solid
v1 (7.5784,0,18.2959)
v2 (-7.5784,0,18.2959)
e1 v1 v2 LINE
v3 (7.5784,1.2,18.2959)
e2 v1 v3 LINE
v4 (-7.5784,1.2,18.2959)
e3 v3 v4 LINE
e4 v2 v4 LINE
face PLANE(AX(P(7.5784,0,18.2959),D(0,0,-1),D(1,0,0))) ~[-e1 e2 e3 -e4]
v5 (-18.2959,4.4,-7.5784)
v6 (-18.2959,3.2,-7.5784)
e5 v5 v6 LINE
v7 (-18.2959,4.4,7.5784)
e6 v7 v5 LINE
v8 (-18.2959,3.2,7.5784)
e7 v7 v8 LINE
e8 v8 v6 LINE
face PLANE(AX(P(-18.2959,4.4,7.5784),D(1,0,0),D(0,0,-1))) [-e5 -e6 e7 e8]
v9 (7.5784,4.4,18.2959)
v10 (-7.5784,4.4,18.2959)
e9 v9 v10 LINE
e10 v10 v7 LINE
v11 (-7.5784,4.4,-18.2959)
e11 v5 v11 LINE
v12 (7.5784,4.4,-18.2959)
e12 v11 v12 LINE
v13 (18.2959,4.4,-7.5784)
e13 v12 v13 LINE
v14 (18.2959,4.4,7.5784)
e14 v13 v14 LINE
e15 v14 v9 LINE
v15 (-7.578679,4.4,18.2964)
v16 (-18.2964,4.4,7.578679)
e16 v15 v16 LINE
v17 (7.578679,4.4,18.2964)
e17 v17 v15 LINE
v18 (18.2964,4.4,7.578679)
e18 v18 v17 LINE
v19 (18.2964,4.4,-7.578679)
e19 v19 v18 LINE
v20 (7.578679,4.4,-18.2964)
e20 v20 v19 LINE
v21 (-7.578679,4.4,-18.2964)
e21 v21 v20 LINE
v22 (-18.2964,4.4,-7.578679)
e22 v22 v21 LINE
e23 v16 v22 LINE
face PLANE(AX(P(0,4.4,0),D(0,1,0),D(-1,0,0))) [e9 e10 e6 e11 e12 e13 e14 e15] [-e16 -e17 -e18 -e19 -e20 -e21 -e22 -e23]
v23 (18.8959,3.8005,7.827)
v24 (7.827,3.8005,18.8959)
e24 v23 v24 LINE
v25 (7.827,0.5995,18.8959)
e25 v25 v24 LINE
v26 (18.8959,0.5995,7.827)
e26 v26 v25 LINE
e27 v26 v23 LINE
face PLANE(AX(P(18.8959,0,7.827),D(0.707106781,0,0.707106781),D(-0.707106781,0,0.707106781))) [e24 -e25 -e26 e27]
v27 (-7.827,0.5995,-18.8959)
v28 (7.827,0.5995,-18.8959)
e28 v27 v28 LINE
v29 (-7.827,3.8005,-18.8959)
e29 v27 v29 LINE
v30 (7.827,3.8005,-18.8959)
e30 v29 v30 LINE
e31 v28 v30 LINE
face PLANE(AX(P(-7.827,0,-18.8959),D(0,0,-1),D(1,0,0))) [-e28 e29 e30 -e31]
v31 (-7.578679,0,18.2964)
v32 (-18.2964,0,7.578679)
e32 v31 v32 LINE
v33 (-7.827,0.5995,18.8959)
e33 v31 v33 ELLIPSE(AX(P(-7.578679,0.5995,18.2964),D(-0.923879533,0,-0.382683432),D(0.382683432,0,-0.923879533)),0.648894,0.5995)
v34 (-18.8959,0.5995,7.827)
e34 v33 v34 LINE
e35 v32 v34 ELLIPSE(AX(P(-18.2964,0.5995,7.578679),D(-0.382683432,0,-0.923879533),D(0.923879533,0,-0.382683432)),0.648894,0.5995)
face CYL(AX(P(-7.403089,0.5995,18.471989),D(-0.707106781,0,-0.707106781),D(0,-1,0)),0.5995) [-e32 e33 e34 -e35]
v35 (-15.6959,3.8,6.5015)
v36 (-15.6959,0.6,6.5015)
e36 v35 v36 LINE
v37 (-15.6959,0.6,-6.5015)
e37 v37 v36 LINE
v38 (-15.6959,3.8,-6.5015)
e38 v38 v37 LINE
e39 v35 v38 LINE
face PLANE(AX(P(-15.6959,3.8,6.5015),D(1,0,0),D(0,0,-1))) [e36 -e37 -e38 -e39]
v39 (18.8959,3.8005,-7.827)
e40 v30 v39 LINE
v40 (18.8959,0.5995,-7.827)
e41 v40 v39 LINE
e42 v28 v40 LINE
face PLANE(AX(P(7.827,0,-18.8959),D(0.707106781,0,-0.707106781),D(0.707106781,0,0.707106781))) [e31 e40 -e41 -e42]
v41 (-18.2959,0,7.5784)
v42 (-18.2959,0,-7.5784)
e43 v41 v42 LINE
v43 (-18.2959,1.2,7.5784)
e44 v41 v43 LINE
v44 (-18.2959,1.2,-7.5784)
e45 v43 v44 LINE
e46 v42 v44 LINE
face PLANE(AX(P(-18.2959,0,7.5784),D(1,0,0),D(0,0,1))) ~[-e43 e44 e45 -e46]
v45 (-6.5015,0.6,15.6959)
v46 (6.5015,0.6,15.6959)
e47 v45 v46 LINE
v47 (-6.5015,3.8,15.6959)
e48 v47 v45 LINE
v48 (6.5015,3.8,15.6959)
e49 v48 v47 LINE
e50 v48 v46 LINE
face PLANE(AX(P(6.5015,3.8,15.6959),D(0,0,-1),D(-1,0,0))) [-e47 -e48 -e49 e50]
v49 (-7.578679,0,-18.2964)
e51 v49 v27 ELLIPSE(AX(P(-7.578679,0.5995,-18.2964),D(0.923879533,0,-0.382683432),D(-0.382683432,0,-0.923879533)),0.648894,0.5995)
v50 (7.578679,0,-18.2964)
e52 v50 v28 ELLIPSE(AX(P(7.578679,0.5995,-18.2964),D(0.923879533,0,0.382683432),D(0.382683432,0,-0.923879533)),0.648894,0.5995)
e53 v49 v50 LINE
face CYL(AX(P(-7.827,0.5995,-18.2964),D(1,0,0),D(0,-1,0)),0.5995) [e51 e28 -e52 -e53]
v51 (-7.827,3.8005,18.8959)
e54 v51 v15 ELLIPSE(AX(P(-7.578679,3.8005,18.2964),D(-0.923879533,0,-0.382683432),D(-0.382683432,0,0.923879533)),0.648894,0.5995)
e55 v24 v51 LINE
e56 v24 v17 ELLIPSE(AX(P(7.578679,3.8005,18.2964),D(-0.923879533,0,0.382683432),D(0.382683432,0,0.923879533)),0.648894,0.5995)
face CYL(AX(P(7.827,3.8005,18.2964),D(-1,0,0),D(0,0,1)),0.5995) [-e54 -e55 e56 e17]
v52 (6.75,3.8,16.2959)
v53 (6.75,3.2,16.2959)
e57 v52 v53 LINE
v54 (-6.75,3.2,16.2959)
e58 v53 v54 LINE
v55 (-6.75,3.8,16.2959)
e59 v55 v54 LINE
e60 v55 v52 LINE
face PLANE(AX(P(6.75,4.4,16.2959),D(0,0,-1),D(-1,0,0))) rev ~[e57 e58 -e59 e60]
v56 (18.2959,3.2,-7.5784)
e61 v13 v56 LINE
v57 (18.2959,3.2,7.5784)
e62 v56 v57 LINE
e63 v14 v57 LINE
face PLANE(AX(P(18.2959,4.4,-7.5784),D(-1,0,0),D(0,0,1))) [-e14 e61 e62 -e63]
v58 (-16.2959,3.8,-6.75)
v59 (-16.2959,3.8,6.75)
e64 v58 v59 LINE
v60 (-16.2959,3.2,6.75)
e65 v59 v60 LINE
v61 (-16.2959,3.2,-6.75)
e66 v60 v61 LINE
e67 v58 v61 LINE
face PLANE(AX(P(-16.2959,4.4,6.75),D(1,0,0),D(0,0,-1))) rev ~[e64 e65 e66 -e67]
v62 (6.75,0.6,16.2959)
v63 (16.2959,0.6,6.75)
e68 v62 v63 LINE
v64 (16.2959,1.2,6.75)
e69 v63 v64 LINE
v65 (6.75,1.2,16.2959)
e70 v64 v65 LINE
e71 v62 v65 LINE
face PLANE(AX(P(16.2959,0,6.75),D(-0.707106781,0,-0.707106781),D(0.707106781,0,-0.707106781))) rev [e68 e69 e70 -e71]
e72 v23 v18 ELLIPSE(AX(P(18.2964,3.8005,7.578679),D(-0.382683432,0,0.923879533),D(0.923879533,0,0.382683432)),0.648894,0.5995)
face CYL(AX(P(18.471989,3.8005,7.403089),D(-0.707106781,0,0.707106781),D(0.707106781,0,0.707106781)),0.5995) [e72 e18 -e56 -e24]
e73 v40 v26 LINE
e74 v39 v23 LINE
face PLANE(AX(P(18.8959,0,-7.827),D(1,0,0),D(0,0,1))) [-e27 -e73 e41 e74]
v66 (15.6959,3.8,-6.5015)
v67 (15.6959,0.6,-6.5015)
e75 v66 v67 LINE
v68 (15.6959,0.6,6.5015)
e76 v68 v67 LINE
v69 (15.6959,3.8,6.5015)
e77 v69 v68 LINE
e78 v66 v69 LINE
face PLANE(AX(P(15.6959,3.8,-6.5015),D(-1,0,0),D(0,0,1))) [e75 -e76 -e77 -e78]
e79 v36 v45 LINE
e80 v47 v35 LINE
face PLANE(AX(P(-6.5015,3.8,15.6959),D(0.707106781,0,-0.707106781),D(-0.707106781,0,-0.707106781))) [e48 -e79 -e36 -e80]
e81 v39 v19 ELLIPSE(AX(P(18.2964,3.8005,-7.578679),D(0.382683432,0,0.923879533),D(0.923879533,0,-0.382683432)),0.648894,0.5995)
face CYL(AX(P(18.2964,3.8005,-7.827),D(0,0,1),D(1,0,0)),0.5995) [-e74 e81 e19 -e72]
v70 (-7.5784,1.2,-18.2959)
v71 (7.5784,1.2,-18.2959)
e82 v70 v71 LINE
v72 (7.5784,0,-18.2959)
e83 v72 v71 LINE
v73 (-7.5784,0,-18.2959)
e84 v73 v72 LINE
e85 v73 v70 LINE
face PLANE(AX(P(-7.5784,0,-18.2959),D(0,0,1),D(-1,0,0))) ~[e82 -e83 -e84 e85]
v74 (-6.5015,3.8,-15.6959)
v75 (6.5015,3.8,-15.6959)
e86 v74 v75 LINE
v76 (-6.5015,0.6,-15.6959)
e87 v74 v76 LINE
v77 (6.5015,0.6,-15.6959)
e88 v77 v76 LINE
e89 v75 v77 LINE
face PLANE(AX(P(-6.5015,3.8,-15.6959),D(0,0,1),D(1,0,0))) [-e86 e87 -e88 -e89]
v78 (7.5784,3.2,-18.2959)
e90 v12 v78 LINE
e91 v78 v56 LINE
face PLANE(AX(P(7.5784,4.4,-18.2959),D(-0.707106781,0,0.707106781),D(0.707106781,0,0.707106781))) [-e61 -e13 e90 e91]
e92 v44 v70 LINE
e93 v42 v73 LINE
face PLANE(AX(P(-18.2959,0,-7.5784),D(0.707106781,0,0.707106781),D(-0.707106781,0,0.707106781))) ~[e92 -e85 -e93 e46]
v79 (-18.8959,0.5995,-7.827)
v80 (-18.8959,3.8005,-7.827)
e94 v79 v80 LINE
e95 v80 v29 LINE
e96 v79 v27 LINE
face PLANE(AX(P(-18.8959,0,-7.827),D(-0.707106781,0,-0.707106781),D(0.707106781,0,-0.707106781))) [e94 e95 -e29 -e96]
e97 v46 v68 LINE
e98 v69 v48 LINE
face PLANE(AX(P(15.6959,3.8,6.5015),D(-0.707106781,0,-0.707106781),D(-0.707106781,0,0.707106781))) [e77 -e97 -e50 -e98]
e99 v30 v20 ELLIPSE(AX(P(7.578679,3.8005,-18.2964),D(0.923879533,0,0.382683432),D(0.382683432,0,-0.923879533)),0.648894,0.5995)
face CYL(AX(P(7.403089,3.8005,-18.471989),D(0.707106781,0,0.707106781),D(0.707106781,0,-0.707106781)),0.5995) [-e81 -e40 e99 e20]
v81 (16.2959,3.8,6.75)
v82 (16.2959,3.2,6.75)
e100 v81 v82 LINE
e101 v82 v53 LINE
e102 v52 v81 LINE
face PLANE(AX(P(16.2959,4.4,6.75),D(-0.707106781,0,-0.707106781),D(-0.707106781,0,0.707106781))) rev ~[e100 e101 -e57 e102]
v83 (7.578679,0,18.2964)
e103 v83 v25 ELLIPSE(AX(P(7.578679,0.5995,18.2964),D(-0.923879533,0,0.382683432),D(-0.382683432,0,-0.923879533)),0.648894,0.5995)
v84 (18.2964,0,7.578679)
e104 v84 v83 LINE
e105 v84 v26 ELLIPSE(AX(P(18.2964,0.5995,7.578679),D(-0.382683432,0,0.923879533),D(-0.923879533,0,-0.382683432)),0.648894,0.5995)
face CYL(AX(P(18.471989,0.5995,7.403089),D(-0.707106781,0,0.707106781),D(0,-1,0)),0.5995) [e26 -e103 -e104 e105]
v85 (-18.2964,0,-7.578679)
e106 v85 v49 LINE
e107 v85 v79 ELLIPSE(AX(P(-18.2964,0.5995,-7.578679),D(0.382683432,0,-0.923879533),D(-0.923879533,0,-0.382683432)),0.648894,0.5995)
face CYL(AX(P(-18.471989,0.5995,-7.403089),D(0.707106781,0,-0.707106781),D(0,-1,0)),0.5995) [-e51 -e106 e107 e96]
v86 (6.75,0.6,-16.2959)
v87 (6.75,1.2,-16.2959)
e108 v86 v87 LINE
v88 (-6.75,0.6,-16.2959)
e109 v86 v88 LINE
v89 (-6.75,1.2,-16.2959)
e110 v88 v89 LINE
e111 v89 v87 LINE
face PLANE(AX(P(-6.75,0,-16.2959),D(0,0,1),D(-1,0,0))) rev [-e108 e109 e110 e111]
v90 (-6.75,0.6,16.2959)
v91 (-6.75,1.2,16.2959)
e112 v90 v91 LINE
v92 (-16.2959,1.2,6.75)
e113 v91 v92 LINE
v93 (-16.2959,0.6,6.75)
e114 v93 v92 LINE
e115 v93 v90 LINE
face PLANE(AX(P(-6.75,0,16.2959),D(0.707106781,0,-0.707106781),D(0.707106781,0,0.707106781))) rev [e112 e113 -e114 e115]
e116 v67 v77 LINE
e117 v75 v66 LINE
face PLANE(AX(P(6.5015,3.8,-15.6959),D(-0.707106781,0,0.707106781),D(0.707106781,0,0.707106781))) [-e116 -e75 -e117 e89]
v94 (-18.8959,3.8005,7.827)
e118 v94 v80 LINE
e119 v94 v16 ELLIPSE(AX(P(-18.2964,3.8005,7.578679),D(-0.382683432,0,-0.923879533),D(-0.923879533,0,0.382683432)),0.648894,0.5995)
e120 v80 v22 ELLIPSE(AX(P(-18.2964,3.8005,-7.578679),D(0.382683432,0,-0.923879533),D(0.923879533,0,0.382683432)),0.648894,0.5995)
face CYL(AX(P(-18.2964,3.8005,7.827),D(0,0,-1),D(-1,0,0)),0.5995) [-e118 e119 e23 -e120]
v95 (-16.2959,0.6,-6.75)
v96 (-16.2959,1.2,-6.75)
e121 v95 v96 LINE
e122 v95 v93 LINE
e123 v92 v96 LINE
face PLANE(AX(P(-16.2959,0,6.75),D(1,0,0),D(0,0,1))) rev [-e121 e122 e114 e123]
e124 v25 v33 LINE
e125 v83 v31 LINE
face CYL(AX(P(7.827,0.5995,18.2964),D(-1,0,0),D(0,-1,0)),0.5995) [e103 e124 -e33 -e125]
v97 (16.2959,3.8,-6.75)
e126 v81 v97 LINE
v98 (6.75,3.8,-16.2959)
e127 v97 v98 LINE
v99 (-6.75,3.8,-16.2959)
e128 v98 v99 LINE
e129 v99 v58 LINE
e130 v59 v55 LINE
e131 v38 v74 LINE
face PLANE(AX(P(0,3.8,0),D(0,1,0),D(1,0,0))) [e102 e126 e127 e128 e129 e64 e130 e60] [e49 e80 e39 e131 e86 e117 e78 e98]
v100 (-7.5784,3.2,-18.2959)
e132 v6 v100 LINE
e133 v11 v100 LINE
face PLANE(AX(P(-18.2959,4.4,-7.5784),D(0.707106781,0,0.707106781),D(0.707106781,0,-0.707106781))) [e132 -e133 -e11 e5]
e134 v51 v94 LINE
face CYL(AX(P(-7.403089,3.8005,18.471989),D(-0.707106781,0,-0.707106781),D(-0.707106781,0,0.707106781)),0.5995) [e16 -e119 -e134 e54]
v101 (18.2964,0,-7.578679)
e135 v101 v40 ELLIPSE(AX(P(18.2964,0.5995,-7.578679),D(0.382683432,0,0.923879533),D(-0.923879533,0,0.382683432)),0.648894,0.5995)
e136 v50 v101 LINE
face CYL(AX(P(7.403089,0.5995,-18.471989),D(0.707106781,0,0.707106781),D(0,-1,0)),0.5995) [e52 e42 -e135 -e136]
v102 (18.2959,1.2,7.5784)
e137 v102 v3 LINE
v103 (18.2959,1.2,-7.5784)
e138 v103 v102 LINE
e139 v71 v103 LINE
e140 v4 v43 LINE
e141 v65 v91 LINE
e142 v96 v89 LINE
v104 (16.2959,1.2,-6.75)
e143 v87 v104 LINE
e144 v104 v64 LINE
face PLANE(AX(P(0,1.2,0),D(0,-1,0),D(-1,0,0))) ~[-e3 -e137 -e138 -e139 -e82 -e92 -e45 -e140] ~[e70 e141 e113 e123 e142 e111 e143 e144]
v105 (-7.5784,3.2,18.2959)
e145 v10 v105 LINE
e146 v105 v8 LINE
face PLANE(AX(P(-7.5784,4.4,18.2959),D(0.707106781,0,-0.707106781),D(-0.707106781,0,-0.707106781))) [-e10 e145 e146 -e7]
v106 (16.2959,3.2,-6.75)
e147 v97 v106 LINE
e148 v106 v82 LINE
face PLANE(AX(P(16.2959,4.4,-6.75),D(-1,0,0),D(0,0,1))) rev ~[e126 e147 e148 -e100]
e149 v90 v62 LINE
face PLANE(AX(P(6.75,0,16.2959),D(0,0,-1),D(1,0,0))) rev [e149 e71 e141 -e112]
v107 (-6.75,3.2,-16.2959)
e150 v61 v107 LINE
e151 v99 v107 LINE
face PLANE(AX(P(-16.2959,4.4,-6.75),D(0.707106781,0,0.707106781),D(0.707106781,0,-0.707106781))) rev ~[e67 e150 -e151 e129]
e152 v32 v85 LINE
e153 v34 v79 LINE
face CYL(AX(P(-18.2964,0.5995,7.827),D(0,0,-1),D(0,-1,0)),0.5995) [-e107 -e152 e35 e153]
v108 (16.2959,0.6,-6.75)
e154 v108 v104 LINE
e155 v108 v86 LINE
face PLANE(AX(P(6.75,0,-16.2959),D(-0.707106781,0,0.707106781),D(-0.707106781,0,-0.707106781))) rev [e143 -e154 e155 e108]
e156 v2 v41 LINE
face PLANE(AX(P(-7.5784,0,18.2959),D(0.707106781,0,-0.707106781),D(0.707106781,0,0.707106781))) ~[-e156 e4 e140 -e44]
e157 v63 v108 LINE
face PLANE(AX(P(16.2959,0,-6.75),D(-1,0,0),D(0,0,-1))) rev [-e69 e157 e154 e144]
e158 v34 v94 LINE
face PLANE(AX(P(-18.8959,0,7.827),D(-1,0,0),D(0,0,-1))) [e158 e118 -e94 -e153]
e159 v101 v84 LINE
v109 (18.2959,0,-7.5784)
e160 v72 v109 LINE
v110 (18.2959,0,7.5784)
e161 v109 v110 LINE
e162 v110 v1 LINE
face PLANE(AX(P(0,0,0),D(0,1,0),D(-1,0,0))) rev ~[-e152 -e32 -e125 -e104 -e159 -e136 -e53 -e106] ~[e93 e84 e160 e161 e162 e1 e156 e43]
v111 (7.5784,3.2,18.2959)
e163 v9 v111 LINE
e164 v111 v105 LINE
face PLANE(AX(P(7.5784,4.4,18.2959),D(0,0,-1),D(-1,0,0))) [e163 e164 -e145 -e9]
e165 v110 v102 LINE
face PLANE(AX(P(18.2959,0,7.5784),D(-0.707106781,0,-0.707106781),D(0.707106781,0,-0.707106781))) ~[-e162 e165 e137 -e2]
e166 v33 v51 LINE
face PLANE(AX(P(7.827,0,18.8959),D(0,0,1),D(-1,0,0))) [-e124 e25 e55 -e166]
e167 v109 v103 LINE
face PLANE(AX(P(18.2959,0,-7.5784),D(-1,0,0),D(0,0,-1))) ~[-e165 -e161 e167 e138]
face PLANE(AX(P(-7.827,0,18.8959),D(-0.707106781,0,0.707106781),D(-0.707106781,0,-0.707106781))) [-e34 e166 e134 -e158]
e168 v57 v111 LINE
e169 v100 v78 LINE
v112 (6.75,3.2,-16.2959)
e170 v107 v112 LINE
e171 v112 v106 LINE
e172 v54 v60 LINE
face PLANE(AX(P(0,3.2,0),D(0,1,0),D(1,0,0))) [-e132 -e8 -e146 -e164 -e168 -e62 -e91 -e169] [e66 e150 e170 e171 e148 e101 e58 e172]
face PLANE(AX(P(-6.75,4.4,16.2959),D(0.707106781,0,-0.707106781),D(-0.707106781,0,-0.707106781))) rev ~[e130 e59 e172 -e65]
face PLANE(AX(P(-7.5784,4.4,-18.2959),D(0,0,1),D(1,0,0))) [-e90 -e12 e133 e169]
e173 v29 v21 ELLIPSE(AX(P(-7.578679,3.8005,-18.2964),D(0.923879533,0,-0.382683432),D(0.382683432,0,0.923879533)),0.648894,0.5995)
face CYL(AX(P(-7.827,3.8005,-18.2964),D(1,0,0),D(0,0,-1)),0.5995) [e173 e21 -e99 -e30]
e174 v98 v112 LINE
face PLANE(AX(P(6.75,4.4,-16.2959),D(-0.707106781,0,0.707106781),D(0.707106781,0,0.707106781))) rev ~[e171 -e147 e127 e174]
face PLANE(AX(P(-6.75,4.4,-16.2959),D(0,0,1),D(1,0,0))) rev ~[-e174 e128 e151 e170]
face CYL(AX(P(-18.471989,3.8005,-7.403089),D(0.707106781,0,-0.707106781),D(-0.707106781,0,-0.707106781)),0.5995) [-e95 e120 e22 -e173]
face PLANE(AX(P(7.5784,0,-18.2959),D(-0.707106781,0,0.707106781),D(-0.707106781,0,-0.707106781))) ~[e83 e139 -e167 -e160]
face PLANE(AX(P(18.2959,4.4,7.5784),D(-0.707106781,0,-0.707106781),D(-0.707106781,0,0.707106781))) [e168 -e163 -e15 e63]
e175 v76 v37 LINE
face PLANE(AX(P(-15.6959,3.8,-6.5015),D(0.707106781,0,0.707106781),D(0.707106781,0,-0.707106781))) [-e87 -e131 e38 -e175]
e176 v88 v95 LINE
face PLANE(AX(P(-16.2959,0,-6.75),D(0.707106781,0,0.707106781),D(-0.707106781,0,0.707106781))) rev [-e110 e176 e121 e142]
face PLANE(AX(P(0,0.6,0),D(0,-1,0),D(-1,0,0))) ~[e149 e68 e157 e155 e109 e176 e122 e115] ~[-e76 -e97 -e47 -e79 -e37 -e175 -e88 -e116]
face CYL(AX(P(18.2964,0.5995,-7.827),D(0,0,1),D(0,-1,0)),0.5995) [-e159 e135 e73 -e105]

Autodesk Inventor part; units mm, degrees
ref_plane "YZ Plane" through (0, 0, 0) normal (1, 0, 0) x (0, 1, 0)
ref_plane "XZ Plane" through (0, 0, 0) normal (0, 1, 0) x (-1, 0, 0)
sketch "스케치1" plane through (0, 0, 0) normal (0, 1, 0) x (-1, 0, 0)
  line L0 (-16.2959, 6.75) -> (-6.75, 16.2959)
  line L1 (-6.75, 16.2959) -> (6.75, 16.2959)
  line L2 (6.75, 16.2959) -> (16.2959, 6.75)
  line L3 (16.2959, 6.75) -> (16.2959, -6.75)
  line L4 (16.2959, -6.75) -> (6.75, -16.2959)
  line L5 (6.75, -16.2959) -> (-6.75, -16.2959)
  line L6 (-6.75, -16.2959) -> (-16.2959, -6.75)
  line L7 (-16.2959, -6.75) -> (-16.2959, 6.75)
  line L8 (18.8959, 7.827) -> (18.8959, -7.827)
  line L9 (18.8959, -7.827) -> (7.827, -18.8959)
  line L10 (7.827, -18.8959) -> (-7.827, -18.8959)
  line L11 (-7.827, -18.8959) -> (-18.8959, -7.827)
  line L12 (-18.8959, -7.827) -> (-18.8959, 7.827)
  line L13 (-18.8959, 7.827) -> (-7.827, 18.8959)
  line L14 (-7.827, 18.8959) -> (7.827, 18.8959)
  line L15 (7.827, 18.8959) -> (18.8959, 7.827)
  point P0 (0, 0)
  point P1 (0, 0)
  point P2 (0, 0)
  dimension "d0" = 13.5
  dimension "d1" = 2.6
extrude "돌출1" add sketch "스케치1" along normal blind 4.4 contours L0 L1 L2 L3 L4 L5 L6 L7 | L8 L9 L10 L11 L12 L13 L14 L15
sketch "스케치14" plane through (0, 4.4, 0) normal (0, 1, 0) x (1, 0, 0)
  line L0 (6.75, -16.2959) -> (-6.75, -16.2959)
  line L1 (-6.75, -16.2959) -> (-16.2959, -6.75)
  line L2 (-16.2959, -6.75) -> (-16.2959, 6.75)
  line L3 (-16.2959, 6.75) -> (-6.75, 16.2959)
  line L4 (-6.75, 16.2959) -> (6.75, 16.2959)
  line L5 (6.75, 16.2959) -> (16.2959, 6.75)
  line L6 (16.2959, 6.75) -> (16.2959, -6.75)
  line L7 (16.2959, -6.75) -> (6.75, -16.2959)
  line L8 (-7.5784, 18.2959) -> (7.5784, 18.2959)
  line L9 (7.5784, 18.2959) -> (18.2959, 7.5784)
  line L10 (18.2959, 7.5784) -> (18.2959, -7.5784)
  line L11 (18.2959, -7.5784) -> (7.5784, -18.2959)
  line L12 (7.5784, -18.2959) -> (-7.5784, -18.2959)
  line L13 (-7.5784, -18.2959) -> (-18.2959, -7.5784)
  line L14 (-18.2959, -7.5784) -> (-18.2959, 7.5784)
  line L15 (-18.2959, 7.5784) -> (-7.5784, 18.2959)
  line L16 (18.8959, -7.827) -> (18.8959, 7.827) projected
  point P0 (0, 0)
  point P1 (0, 0)
  point P2 (0, 0)
  dimension "d138" = 2
  dimension "d139" = 0.6
extrude "돌출16" cut sketch "스케치14" against normal blind 1.2
sketch "스케치15" plane through (0, 4.4, 0) normal (0, 1, 0) x (1, 0, 0)
  line L0 (-16.2959, -6.75) -> (-6.75, -16.2959) projected
  line L1 (-6.75, -16.2959) -> (6.75, -16.2959) projected
  line L2 (6.75, -16.2959) -> (16.2959, -6.75) projected
  line L3 (16.2959, -6.75) -> (16.2959, 6.75) projected
  line L4 (16.2959, 6.75) -> (6.75, 16.2959) projected
  line L5 (6.75, 16.2959) -> (-6.75, 16.2959) projected
  line L6 (-6.75, 16.2959) -> (-16.2959, 6.75) projected
  line L7 (-16.2959, 6.75) -> (-16.2959, -6.75) projected
  point P0 (0, 0)
extrude "돌출17" cut sketch "스케치15" against normal blind 0.6
sketch "스케치16" plane through (0, 3.8, 0) normal (0, 1, 0) x (1, 0, 0)
  line L0 (-6.5015, 15.6959) -> (6.5015, 15.6959)
  line L1 (6.5015, 15.6959) -> (15.6959, 6.5015)
  line L2 (15.6959, 6.5015) -> (15.6959, -6.5015)
  line L3 (15.6959, -6.5015) -> (6.5015, -15.6959)
  line L4 (6.5015, -15.6959) -> (-6.5015, -15.6959)
  line L5 (-6.5015, -15.6959) -> (-15.6959, -6.5015)
  line L6 (-15.6959, -6.5015) -> (-15.6959, 6.5015)
  line L7 (-15.6959, 6.5015) -> (-6.5015, 15.6959)
  line L8 (16.2959, 6.75) -> (16.2959, -6.75) projected
  point P0 (0, 0)
  point P1 (0, 0)
  dimension "d144" = 0.6
extrude "돌출18" cut sketch "스케치16" against normal up to surface (3.8 mm away)
fillet "모깎기2" radius 0.6 16 edges at (0, 4.4, -18.8959) (-13.3614, 4.4, -13.3614) (13.3614, 4.4, -13.3614) (18.8959, 4.4, 0) (13.3614, 4.4, 13.3614) (0, 4.4, 18.8959) (-13.3614, 4.4, 13.3614) (-18.8959, 4.4, 0) (-18.8959, 0, 0) (-13.3614, 0, 13.3614) (0, 0, 18.8959) (13.3614, 0, 13.3614) (-13.3614, 0, -13.3614) (0, 0, -18.8959) (18.8959, 0, 0) (13.3614, 0, -13.3614)
ref_plane "작업 평면3" through (0, 2.2, 0) normal (0, -1, 0) x (1, 0, 0)
mirror "미러6" about plane through (0, 2.2, 0) normal (0, -1, 0) of "돌출17", "돌출16"
properties part number "OV-PAM_ring_2"
